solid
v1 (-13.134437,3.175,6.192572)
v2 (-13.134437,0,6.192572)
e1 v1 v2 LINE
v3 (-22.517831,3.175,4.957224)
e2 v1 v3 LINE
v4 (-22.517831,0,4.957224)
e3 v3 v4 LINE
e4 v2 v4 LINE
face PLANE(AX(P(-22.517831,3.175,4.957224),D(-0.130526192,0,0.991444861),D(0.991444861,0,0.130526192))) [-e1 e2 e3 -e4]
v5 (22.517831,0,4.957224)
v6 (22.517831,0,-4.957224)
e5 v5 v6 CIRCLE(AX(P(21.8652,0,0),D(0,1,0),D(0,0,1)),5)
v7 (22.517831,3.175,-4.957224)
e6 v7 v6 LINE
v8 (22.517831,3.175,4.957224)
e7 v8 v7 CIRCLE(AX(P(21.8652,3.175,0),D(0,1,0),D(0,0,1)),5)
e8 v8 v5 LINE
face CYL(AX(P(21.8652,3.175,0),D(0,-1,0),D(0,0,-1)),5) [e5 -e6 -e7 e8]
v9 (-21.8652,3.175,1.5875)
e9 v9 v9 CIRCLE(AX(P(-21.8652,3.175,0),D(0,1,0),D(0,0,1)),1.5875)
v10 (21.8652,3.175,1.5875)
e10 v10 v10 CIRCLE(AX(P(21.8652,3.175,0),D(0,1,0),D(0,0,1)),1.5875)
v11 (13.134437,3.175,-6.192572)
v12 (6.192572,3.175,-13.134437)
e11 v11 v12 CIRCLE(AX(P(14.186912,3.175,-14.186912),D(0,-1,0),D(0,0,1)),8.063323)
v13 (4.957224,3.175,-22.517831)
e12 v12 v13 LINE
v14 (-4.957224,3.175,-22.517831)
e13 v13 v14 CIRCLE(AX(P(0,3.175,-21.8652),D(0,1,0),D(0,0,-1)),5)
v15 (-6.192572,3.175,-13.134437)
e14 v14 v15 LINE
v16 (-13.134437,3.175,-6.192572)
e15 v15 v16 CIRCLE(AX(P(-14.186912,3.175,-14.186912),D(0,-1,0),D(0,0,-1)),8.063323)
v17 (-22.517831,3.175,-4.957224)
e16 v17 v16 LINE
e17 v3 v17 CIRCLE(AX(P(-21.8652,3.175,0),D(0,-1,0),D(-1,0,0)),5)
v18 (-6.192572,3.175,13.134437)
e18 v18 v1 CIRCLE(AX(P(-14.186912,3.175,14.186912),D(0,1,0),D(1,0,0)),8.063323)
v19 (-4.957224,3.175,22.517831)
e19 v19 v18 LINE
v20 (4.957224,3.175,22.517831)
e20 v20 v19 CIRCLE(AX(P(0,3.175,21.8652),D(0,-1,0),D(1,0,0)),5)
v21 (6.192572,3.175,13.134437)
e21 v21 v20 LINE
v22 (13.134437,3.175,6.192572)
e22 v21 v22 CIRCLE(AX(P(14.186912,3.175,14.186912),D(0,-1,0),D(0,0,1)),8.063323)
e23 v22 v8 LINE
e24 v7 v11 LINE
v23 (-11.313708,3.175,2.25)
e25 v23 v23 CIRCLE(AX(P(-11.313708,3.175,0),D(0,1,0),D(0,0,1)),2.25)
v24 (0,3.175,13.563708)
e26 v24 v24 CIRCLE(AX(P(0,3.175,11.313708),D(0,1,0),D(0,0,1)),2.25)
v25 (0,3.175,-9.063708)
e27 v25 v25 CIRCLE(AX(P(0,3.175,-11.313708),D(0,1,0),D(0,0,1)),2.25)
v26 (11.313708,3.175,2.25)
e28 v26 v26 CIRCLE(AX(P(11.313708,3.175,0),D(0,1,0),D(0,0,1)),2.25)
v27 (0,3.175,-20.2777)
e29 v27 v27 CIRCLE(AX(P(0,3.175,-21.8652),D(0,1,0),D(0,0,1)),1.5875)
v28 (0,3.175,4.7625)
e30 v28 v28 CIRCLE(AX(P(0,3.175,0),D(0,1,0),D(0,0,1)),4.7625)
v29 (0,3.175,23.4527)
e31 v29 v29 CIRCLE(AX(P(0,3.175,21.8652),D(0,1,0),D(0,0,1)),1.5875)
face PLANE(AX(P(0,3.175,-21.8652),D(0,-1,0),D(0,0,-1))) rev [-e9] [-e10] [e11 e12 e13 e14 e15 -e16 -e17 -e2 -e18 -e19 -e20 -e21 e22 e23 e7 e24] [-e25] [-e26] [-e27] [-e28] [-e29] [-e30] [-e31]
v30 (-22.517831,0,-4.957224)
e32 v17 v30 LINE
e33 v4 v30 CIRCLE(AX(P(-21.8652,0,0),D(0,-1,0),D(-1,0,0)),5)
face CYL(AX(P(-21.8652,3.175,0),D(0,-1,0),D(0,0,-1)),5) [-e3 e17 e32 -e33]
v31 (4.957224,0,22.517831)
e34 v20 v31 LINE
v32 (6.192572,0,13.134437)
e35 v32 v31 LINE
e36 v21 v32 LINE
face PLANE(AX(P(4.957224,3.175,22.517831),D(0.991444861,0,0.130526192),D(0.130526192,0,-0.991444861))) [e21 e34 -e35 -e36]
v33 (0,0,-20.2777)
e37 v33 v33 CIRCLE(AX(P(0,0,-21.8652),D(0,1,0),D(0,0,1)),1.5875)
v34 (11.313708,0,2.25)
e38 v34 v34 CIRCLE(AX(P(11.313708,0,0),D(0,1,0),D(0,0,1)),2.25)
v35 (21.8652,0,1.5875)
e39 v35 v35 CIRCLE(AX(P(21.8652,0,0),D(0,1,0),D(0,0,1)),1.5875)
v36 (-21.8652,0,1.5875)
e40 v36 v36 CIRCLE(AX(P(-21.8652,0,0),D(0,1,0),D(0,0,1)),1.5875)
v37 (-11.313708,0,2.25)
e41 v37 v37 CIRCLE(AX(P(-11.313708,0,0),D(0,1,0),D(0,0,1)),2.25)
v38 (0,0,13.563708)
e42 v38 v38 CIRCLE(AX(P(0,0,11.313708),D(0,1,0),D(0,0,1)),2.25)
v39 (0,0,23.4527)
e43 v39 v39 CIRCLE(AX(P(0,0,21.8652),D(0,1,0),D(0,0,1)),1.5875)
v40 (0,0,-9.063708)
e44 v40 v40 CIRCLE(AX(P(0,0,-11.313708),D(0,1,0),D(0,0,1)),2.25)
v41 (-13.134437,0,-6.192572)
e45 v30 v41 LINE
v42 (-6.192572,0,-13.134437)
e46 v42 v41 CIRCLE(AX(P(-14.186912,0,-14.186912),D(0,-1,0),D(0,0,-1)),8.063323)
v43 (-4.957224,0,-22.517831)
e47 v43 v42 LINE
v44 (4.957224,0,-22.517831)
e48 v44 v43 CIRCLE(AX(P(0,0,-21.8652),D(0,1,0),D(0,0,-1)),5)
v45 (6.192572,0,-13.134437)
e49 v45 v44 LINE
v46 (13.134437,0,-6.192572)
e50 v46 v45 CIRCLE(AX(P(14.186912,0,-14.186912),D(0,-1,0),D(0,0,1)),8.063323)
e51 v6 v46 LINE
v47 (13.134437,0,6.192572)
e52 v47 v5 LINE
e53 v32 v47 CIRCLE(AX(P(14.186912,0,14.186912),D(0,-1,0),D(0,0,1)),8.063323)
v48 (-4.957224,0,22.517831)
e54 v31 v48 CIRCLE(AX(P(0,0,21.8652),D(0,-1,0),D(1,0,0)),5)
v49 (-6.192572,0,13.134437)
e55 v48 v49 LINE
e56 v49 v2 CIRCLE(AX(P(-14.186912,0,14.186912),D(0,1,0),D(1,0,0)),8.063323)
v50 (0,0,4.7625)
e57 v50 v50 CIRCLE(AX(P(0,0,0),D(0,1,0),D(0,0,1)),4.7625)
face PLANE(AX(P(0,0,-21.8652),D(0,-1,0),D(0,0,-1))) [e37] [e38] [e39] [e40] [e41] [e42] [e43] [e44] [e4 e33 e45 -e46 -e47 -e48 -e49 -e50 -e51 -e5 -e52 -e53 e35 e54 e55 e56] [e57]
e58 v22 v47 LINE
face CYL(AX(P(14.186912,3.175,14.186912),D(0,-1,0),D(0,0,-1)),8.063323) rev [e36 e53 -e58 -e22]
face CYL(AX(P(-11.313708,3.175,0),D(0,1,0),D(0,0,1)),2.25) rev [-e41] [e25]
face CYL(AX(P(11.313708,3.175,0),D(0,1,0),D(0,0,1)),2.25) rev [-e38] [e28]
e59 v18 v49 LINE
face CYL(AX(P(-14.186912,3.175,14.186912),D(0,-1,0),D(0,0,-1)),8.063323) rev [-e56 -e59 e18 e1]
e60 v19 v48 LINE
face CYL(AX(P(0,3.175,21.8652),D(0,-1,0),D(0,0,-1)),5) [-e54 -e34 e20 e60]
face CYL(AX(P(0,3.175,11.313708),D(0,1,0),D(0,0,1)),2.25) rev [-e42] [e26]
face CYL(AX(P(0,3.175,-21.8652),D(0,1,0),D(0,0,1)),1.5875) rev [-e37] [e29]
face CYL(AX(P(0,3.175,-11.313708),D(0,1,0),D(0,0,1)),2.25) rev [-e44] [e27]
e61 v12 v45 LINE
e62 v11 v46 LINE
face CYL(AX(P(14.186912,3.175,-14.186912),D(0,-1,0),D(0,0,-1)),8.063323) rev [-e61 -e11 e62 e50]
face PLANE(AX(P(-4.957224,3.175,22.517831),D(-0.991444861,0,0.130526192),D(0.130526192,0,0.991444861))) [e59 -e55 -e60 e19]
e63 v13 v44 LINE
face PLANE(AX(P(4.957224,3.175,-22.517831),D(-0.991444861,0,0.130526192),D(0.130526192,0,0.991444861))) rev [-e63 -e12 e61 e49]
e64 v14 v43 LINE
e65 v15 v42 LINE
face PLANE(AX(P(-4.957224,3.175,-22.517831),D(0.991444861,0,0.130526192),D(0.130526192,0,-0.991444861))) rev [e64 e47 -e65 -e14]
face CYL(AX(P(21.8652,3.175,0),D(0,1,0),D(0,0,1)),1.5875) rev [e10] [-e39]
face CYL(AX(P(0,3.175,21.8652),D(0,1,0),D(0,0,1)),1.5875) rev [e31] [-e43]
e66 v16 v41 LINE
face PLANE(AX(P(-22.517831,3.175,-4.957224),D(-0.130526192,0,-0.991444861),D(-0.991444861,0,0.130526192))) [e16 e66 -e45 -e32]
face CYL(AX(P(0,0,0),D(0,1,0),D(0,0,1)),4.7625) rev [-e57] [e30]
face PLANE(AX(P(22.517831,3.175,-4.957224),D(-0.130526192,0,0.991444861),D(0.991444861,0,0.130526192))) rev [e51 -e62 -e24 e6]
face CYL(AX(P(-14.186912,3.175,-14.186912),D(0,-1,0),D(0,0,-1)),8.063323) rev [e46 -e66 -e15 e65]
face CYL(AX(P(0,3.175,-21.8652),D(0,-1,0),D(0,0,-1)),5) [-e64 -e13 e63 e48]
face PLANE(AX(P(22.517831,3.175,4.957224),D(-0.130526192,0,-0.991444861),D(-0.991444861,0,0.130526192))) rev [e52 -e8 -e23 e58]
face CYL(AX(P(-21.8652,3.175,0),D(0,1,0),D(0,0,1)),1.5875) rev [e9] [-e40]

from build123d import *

# Parameters (mm, degrees)
BOSS_EXTRUDE1_DEPTH        = 3.175
F_1_8_0_1250_DOWEL_HOLE1_D = 3.175
SKETCH4_R                  = 4.7625
CUT_EXTRUDE1_DEPTH         = 39.125563171
M4_CLEARANCE_HOLE1_D       = 4.5


with BuildPart() as part:
    # Sketch1 → Boss-Extrude1 (new body)
    with BuildSketch(Plane(origin=(0, 0, 0), x_dir=(1, 0, 0), z_dir=(0, 1, 0))):
        with BuildLine():
            Line((4.957224307, 22.517830961), (6.192571563, 13.134436958))
            ThreePointArc((6.192571563, 13.134436958), (8.485281374, 8.485281374), (13.134436958, 6.192571563))
            Line((13.134436958, 6.192571563), (22.517830961, 4.957224307))
            ThreePointArc((22.517830961, 4.957224307), (26.8652, 0), (22.517830961, -4.957224307))
            Line((22.517830961, -4.957224307), (13.134436958, -6.192571563))
            ThreePointArc((13.134436958, -6.192571563), (10.620595205, -6.955137122), (8.485281374, -8.485281374))
            Line((8.485281374, -8.485281374), (-8.485281374, 8.485281374))
            ThreePointArc((-8.485281374, 8.485281374), (-6.955137122, 10.620595205), (-6.192571563, 13.134436958))
            Line((-6.192571563, 13.134436958), (-4.957224307, 22.517830961))
            ThreePointArc((-4.957224307, 22.517830961), (0, 26.8652), (4.957224307, 22.517830961))
        make_face()
    boss_extrude1 = extrude(amount=BOSS_EXTRUDE1_DEPTH)

    # Mirror7: Boss-Extrude1 across plane
    add(boss_extrude1.mirror(Plane(origin=(-8.485281374, 3.175, -8.485281374), x_dir=(0.7071067811865467, 0, 0.7071067811865483), z_dir=(0.7071067811865486, 0, -0.7071067811865466))))

    # 1/8 (0.1250) Dowel Hole1 (through all)
    with Locations(Plane(origin=(0, 3.175, 0), x_dir=(1, 0, 0), z_dir=(0, 1, 0))):
        with Locations((0, 21.8652), (0, -21.8652), (-21.8652, 0), (21.8652, 0)):
            Hole(F_1_8_0_1250_DOWEL_HOLE1_D / 2)

    # Sketch4 → Cut-Extrude1 (cut, through all)
    with BuildSketch(Plane(origin=(0, 3.175, 0), x_dir=(1, 0, 0), z_dir=(0, 1, 0))):
        with Locations(Location((0, 0, 0), (0, 0, 270))):
            Circle(SKETCH4_R)
    extrude(amount=-CUT_EXTRUDE1_DEPTH, mode=Mode.SUBTRACT)

    # M4 Clearance Hole1 (through all)
    with Locations(Plane(origin=(0, 3.175, 0), x_dir=(1, 0, 0), z_dir=(0, 1, 0))):
        with Locations((-11.313708499, 0), (0, 11.313708499), (11.313708499, 0), (0, -11.313708499)):
            Hole(M4_CLEARANCE_HOLE1_D / 2)


solid = part.part
